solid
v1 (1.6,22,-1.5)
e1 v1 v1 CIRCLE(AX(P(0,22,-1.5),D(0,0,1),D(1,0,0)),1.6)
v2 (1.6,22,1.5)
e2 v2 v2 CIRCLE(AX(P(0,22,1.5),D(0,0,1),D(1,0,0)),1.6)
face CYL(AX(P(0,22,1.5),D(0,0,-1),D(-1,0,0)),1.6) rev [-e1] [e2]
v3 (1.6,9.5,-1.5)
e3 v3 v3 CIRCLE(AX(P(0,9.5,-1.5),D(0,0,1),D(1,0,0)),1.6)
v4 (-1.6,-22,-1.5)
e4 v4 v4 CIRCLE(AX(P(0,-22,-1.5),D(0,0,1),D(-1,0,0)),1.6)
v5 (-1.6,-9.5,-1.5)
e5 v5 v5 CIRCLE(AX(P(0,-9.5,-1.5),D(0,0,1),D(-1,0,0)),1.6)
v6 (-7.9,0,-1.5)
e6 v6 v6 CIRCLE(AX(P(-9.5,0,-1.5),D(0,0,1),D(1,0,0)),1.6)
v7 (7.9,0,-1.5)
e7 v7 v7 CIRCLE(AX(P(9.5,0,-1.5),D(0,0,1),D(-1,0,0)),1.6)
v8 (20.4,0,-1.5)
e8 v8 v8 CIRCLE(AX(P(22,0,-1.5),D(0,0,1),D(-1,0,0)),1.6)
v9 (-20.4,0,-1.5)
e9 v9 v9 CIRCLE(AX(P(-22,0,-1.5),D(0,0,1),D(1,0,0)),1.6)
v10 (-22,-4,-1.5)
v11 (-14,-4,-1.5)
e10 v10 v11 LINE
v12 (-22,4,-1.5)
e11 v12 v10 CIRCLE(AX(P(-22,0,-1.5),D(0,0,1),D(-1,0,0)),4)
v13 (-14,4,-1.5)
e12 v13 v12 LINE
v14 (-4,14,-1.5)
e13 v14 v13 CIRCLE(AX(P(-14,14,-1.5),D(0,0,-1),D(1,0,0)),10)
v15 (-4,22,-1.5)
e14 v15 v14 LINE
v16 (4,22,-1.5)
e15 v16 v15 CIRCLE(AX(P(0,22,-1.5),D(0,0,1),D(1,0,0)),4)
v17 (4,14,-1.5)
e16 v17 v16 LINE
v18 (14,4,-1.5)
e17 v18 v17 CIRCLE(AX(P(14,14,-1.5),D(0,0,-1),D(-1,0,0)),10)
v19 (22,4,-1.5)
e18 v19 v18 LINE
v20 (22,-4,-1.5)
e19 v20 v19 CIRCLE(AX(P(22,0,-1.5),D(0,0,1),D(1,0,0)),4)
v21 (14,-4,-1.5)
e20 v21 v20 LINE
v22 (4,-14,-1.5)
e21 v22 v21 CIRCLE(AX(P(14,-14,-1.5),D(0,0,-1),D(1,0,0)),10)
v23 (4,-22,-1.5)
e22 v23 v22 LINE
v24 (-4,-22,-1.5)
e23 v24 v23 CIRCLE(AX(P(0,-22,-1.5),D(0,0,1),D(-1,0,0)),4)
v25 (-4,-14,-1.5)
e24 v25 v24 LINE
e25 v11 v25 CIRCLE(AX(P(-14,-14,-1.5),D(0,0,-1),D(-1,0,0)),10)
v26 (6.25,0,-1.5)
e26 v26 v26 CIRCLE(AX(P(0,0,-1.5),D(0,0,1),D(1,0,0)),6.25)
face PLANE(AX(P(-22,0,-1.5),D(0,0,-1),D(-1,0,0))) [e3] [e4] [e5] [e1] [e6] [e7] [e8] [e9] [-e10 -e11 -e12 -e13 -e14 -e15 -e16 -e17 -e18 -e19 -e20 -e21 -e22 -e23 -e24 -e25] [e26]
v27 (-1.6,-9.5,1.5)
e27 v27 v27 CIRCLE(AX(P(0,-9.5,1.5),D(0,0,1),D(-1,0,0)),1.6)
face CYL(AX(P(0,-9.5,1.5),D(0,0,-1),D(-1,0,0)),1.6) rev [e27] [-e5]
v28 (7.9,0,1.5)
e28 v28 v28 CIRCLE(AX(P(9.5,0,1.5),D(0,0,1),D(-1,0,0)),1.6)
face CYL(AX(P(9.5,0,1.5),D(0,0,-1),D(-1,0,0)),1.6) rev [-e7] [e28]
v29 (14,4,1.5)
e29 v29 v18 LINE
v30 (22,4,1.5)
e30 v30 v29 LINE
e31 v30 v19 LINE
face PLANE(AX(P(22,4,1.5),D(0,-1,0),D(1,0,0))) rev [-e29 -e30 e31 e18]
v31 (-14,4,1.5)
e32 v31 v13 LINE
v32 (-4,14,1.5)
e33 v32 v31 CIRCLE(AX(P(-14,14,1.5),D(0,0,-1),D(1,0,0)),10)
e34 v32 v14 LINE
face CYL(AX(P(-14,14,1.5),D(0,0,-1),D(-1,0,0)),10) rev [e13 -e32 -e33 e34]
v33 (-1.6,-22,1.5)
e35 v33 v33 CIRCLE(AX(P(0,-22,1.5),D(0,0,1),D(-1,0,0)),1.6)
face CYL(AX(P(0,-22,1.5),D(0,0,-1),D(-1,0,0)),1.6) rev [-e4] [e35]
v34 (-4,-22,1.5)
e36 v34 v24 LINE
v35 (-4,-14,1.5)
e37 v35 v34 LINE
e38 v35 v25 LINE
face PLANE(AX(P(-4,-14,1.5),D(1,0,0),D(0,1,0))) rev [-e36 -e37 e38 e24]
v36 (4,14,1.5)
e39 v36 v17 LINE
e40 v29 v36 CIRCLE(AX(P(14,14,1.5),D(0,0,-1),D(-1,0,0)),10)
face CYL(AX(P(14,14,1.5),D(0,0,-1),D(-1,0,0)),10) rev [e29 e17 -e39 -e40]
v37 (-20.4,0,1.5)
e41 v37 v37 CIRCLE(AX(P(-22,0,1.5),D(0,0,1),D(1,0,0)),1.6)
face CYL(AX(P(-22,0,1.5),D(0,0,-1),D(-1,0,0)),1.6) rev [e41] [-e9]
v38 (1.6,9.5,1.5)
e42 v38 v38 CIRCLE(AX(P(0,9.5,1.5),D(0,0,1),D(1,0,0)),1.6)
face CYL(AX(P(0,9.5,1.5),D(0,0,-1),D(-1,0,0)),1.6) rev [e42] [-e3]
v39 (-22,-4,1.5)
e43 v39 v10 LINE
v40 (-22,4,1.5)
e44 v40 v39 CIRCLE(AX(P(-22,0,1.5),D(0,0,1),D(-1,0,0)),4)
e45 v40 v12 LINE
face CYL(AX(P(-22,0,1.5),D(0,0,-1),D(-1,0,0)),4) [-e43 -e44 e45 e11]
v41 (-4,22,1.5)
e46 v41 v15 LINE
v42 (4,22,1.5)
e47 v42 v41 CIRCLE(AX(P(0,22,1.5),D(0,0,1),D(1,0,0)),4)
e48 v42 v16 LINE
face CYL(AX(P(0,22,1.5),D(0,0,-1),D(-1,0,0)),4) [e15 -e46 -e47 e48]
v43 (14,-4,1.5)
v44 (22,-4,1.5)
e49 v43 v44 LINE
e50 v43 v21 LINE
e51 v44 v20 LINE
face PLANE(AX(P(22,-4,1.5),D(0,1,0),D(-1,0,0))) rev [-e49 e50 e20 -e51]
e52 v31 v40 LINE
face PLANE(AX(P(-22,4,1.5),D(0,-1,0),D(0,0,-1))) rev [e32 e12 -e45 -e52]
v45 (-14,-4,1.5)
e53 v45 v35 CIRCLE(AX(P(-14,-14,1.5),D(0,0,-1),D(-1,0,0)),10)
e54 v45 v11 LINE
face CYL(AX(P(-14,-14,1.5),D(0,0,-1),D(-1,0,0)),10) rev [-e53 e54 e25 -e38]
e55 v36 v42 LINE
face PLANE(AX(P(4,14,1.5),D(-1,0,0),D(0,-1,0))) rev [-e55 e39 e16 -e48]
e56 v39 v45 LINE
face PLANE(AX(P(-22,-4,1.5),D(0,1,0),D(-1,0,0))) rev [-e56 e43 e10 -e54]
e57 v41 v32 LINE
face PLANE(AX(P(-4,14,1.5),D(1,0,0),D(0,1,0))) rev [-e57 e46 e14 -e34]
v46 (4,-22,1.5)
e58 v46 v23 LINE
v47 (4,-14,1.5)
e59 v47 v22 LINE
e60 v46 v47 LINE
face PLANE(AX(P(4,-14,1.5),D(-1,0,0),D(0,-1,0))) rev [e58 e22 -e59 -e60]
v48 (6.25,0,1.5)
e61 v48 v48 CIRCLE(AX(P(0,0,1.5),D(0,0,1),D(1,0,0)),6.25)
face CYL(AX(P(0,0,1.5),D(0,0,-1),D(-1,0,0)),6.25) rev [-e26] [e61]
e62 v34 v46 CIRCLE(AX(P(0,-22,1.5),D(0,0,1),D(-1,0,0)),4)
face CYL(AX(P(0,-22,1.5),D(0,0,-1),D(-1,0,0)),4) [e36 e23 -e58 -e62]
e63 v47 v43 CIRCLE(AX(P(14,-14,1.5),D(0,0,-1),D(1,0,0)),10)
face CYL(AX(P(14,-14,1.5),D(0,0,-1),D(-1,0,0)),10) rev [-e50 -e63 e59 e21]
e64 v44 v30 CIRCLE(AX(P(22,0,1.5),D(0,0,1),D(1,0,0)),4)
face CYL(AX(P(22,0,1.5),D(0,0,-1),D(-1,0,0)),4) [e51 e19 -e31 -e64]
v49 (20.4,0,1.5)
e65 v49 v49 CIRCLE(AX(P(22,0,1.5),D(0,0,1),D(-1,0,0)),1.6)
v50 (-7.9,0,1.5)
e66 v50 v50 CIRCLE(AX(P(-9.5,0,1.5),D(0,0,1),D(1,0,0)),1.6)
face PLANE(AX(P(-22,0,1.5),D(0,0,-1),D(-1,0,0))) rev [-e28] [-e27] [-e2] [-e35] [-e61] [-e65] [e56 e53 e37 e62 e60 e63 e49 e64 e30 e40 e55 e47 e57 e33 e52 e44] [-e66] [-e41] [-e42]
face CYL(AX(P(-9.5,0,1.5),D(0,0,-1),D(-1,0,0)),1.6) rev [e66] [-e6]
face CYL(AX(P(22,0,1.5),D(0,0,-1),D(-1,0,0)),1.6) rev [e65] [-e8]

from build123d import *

# Parameters (mm, degrees)
SKETCH_1_R      = 6.25
SKETCH_1_R_2    = 1.6
EXTRUDE_1_DEPTH = 1.5


with BuildPart() as part:
    # Эскиз1 → Бобышка-Вытянуть1 (new body, symmetric)
    with BuildSketch(Plane.XY):
        with BuildLine():
            Line((-22, 4), (-14, 4))
            ThreePointArc((-14, 4), (-6.928932188, 6.928932188), (-4, 14))
            Line((-4, 14), (-4, 22))
            ThreePointArc((-4, 22), (0, 26), (4, 22))
            Line((4, 22), (4, 14))
            ThreePointArc((4, 14), (6.928932188, 6.928932188), (14, 4))
            Line((14, 4), (22, 4))
            ThreePointArc((22, 4), (26, 0), (22, -4))
            Line((22, -4), (14, -4))
            ThreePointArc((14, -4), (6.928932188, -6.928932188), (4, -14))
            Line((4, -14), (4, -22))
            ThreePointArc((4, -22), (0, -26), (-4, -22))
            Line((-4, -22), (-4, -14))
            ThreePointArc((-4, -14), (-6.928932188, -6.928932188), (-14, -4))
            Line((-14, -4), (-22, -4))
            ThreePointArc((-22, -4), (-26, 0), (-22, 4))
        make_face()
        Circle(SKETCH_1_R, mode=Mode.SUBTRACT)
        with Locations((-9.5, 0)):
            Circle(SKETCH_1_R_2, mode=Mode.SUBTRACT)
        with Locations((-22, 0)):
            Circle(SKETCH_1_R_2, mode=Mode.SUBTRACT)
        with Locations((0, 9.5)):
            Circle(SKETCH_1_R_2, mode=Mode.SUBTRACT)
        with Locations((0, 22)):
            Circle(SKETCH_1_R_2, mode=Mode.SUBTRACT)
        with Locations((9.5, 0)):
            Circle(SKETCH_1_R_2, mode=Mode.SUBTRACT)
        with Locations((22, 0)):
            Circle(SKETCH_1_R_2, mode=Mode.SUBTRACT)
        with Locations((0, -22)):
            Circle(SKETCH_1_R_2, mode=Mode.SUBTRACT)
        with Locations((0, -9.5)):
            Circle(SKETCH_1_R_2, mode=Mode.SUBTRACT)
    extrude(amount=EXTRUDE_1_DEPTH, both=True)


solid = part.part
